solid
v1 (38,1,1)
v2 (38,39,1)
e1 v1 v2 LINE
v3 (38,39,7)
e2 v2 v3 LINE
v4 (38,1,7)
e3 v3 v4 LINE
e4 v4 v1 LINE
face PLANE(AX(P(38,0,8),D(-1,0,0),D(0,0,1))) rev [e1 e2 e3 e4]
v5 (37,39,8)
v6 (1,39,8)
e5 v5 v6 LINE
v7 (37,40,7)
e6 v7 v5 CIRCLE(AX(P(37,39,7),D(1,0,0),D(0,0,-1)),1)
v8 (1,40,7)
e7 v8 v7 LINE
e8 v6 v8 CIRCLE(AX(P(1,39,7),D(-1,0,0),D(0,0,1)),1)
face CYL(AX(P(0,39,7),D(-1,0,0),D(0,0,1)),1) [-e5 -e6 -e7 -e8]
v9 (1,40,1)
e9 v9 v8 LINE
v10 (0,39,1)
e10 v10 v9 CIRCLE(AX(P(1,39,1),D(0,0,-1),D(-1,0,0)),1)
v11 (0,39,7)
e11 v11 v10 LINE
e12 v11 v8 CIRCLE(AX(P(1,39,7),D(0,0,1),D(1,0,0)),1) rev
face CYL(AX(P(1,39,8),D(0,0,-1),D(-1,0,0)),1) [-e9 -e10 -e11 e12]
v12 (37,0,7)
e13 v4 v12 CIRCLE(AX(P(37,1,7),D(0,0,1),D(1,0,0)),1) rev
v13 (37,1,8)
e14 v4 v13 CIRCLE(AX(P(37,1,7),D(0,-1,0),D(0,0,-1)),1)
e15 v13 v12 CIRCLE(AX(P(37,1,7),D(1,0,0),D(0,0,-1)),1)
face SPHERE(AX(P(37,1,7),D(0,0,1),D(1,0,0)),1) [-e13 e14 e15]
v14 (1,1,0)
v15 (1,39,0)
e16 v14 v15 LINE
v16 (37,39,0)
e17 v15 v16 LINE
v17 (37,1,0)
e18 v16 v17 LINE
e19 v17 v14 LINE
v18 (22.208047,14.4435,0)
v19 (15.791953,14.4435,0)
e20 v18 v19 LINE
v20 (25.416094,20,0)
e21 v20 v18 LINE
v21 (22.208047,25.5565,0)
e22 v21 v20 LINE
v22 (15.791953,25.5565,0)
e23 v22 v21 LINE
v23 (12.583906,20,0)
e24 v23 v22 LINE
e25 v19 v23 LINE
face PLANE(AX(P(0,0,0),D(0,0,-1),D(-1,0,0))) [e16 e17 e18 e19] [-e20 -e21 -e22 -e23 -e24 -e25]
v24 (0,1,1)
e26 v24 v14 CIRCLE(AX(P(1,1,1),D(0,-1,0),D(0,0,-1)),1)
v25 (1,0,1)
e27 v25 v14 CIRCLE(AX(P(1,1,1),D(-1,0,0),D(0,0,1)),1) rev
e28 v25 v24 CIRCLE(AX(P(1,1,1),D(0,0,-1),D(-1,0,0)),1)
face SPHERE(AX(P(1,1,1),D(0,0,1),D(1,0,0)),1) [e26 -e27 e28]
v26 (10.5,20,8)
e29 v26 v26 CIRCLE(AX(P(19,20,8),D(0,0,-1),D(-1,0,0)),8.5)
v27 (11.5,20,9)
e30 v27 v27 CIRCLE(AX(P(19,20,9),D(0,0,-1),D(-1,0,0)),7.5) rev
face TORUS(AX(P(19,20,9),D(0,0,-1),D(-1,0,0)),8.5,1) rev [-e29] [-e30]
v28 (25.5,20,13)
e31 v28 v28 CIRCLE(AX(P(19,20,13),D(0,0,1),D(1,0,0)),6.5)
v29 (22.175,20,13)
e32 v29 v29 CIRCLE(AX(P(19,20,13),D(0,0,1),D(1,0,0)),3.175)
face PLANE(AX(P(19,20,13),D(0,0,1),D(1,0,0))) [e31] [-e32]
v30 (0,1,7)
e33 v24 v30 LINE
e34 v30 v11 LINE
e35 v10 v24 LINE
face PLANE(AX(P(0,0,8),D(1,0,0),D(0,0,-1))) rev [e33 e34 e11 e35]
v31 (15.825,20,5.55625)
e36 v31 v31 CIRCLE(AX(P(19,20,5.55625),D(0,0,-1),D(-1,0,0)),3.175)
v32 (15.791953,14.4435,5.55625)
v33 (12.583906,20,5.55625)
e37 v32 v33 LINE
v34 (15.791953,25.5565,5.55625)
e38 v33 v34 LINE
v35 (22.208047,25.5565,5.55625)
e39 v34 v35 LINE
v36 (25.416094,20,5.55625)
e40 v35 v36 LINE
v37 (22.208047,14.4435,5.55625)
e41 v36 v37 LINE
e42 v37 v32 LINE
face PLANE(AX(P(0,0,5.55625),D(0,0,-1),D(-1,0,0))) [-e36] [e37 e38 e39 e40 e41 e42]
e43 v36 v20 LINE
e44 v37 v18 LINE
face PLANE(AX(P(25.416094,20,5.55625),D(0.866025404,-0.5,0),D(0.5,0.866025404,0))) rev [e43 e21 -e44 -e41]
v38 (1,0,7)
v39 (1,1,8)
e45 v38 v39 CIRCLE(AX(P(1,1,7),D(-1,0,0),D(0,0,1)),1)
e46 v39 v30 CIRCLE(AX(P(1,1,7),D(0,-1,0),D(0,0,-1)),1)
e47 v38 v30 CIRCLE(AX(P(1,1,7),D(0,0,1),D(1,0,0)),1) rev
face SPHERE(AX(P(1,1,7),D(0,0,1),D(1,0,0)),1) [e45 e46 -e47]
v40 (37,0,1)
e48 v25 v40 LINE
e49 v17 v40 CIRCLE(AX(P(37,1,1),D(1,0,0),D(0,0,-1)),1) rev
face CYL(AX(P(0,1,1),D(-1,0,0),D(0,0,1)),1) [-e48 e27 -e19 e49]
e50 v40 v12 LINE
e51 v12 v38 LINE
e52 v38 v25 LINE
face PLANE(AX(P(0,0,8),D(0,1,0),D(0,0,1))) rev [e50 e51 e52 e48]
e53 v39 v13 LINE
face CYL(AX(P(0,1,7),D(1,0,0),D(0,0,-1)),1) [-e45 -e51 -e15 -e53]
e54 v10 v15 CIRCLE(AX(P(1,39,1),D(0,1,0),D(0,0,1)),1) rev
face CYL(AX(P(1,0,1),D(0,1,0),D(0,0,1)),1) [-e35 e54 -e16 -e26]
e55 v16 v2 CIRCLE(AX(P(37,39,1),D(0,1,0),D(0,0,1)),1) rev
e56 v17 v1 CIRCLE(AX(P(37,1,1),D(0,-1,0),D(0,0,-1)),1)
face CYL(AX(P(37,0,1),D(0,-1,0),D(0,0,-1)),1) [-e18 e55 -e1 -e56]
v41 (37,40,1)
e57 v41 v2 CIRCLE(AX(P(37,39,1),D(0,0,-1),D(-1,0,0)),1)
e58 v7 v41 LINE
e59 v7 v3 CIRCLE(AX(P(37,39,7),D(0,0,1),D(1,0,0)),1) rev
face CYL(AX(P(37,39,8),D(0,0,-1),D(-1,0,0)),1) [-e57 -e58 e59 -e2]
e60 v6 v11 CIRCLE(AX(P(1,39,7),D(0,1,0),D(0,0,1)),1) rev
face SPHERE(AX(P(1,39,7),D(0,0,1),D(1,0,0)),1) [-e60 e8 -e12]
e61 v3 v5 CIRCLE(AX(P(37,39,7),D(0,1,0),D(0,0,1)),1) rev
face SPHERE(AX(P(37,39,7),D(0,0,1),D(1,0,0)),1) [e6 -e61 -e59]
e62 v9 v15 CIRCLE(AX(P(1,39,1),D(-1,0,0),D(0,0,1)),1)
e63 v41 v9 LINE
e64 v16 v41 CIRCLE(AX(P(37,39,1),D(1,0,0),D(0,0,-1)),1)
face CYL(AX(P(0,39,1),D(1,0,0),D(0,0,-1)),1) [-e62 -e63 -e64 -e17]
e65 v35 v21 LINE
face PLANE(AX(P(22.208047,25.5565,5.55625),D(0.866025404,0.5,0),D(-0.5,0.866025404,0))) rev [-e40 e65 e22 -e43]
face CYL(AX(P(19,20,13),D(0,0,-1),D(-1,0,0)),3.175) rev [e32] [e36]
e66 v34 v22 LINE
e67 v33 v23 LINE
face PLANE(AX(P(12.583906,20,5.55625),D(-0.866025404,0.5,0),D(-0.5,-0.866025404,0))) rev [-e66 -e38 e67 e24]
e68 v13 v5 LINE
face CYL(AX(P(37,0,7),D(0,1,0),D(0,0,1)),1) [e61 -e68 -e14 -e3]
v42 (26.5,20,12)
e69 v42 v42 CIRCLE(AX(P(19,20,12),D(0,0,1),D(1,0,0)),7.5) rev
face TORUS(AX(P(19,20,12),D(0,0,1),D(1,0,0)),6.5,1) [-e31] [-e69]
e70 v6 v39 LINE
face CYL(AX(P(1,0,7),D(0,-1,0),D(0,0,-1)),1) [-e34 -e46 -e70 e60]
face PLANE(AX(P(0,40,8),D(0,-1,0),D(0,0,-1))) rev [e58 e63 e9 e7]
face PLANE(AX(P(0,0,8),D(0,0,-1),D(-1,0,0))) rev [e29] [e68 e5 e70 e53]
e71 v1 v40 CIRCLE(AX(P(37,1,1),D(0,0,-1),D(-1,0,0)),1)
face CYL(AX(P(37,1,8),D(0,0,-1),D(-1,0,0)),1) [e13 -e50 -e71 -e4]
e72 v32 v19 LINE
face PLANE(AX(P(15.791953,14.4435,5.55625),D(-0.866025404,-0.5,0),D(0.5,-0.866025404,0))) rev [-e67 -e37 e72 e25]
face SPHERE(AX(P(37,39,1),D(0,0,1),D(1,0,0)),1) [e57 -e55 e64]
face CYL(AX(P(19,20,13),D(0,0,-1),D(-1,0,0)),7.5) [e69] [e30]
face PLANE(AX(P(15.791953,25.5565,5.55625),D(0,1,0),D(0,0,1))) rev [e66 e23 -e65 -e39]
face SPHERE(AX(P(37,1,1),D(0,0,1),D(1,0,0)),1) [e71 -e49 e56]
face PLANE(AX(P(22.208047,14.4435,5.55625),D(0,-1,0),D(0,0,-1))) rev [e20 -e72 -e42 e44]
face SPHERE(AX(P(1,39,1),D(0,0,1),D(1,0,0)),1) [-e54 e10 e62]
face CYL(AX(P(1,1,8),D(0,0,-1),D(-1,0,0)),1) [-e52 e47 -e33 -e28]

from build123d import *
from build123d.topology import SkipClean

# Parameters (mm, degrees)
SKETCH1_W           = 38
SKETCH1_H           = 40
BOSS_EXTRUDE1_DEPTH = 8
SKETCH2_R           = 7.5
SKETCH2_R_2         = 3.175
BOSS_EXTRUDE2_DEPTH = 5
FILLET1_R           = 1
CUT_EXTRUDE1_DEPTH  = 5.55625
SKETCH4_R           = 3.175
CUT_EXTRUDE2_DEPTH  = 57.683330883


with BuildPart() as part:
    # Sketch1 → Boss-Extrude1 (new body)
    with BuildSketch(Plane.XY):
        with Locations((19, 20)):
            Rectangle(SKETCH1_W, SKETCH1_H)
    extrude(amount=BOSS_EXTRUDE1_DEPTH)

    # Sketch2 → Boss-Extrude2 (add)
    with BuildSketch(Plane.XY.offset(8)):
        with Locations((19, 20)):
            Circle(SKETCH2_R)
        with Locations((19, 20)):
            Circle(SKETCH2_R_2, mode=Mode.SUBTRACT)
    extrude(amount=BOSS_EXTRUDE2_DEPTH)

    # Fillet1
    fillet1_edges = [part.edges().sort_by_distance(p)[0] for p in [
        (38, 20, 8),
        (11.5, 20, 8),
        (11.5, 20, 13),
        (19, 40, 8),
        (0, 20, 8),
        (19, 40, 0),
        (38, 20, 0),
        (19, 0, 0),
        (0, 20, 0),
        (0, 40, 4),
        (38, 40, 4),
        (38, 0, 4),
        (0, 0, 4),
        (19, 0, 8),
    ]]
    fillet(fillet1_edges, radius=FILLET1_R)

    # Sketch3 → Cut-Extrude1 (cut)
    with BuildSketch(Plane(origin=(0, 0, 0), x_dir=(-1, 0, 0), z_dir=(0, 0, -1))):
        Polygon((-15.791953229, 25.5565), (-22.208046771, 25.5565), (-25.416093542, 20), (-22.208046771, 14.4435), (-15.791953229, 14.4435), (-12.583906458, 20), align=None)
    extrude(amount=-CUT_EXTRUDE1_DEPTH, mode=Mode.SUBTRACT)

    # Sketch4 → Cut-Extrude2 (cut, through all)
    with SkipClean():  # the faces are left unmerged after this step: merging them gives an invalid solid
        with BuildSketch(Plane(origin=(0, 0, 0), x_dir=(-1, 0, 0), z_dir=(0, 0, -1))):
            with Locations((-19, 20)):
                Circle(SKETCH4_R)
        extrude(amount=-CUT_EXTRUDE2_DEPTH, mode=Mode.SUBTRACT)


solid = part.part
